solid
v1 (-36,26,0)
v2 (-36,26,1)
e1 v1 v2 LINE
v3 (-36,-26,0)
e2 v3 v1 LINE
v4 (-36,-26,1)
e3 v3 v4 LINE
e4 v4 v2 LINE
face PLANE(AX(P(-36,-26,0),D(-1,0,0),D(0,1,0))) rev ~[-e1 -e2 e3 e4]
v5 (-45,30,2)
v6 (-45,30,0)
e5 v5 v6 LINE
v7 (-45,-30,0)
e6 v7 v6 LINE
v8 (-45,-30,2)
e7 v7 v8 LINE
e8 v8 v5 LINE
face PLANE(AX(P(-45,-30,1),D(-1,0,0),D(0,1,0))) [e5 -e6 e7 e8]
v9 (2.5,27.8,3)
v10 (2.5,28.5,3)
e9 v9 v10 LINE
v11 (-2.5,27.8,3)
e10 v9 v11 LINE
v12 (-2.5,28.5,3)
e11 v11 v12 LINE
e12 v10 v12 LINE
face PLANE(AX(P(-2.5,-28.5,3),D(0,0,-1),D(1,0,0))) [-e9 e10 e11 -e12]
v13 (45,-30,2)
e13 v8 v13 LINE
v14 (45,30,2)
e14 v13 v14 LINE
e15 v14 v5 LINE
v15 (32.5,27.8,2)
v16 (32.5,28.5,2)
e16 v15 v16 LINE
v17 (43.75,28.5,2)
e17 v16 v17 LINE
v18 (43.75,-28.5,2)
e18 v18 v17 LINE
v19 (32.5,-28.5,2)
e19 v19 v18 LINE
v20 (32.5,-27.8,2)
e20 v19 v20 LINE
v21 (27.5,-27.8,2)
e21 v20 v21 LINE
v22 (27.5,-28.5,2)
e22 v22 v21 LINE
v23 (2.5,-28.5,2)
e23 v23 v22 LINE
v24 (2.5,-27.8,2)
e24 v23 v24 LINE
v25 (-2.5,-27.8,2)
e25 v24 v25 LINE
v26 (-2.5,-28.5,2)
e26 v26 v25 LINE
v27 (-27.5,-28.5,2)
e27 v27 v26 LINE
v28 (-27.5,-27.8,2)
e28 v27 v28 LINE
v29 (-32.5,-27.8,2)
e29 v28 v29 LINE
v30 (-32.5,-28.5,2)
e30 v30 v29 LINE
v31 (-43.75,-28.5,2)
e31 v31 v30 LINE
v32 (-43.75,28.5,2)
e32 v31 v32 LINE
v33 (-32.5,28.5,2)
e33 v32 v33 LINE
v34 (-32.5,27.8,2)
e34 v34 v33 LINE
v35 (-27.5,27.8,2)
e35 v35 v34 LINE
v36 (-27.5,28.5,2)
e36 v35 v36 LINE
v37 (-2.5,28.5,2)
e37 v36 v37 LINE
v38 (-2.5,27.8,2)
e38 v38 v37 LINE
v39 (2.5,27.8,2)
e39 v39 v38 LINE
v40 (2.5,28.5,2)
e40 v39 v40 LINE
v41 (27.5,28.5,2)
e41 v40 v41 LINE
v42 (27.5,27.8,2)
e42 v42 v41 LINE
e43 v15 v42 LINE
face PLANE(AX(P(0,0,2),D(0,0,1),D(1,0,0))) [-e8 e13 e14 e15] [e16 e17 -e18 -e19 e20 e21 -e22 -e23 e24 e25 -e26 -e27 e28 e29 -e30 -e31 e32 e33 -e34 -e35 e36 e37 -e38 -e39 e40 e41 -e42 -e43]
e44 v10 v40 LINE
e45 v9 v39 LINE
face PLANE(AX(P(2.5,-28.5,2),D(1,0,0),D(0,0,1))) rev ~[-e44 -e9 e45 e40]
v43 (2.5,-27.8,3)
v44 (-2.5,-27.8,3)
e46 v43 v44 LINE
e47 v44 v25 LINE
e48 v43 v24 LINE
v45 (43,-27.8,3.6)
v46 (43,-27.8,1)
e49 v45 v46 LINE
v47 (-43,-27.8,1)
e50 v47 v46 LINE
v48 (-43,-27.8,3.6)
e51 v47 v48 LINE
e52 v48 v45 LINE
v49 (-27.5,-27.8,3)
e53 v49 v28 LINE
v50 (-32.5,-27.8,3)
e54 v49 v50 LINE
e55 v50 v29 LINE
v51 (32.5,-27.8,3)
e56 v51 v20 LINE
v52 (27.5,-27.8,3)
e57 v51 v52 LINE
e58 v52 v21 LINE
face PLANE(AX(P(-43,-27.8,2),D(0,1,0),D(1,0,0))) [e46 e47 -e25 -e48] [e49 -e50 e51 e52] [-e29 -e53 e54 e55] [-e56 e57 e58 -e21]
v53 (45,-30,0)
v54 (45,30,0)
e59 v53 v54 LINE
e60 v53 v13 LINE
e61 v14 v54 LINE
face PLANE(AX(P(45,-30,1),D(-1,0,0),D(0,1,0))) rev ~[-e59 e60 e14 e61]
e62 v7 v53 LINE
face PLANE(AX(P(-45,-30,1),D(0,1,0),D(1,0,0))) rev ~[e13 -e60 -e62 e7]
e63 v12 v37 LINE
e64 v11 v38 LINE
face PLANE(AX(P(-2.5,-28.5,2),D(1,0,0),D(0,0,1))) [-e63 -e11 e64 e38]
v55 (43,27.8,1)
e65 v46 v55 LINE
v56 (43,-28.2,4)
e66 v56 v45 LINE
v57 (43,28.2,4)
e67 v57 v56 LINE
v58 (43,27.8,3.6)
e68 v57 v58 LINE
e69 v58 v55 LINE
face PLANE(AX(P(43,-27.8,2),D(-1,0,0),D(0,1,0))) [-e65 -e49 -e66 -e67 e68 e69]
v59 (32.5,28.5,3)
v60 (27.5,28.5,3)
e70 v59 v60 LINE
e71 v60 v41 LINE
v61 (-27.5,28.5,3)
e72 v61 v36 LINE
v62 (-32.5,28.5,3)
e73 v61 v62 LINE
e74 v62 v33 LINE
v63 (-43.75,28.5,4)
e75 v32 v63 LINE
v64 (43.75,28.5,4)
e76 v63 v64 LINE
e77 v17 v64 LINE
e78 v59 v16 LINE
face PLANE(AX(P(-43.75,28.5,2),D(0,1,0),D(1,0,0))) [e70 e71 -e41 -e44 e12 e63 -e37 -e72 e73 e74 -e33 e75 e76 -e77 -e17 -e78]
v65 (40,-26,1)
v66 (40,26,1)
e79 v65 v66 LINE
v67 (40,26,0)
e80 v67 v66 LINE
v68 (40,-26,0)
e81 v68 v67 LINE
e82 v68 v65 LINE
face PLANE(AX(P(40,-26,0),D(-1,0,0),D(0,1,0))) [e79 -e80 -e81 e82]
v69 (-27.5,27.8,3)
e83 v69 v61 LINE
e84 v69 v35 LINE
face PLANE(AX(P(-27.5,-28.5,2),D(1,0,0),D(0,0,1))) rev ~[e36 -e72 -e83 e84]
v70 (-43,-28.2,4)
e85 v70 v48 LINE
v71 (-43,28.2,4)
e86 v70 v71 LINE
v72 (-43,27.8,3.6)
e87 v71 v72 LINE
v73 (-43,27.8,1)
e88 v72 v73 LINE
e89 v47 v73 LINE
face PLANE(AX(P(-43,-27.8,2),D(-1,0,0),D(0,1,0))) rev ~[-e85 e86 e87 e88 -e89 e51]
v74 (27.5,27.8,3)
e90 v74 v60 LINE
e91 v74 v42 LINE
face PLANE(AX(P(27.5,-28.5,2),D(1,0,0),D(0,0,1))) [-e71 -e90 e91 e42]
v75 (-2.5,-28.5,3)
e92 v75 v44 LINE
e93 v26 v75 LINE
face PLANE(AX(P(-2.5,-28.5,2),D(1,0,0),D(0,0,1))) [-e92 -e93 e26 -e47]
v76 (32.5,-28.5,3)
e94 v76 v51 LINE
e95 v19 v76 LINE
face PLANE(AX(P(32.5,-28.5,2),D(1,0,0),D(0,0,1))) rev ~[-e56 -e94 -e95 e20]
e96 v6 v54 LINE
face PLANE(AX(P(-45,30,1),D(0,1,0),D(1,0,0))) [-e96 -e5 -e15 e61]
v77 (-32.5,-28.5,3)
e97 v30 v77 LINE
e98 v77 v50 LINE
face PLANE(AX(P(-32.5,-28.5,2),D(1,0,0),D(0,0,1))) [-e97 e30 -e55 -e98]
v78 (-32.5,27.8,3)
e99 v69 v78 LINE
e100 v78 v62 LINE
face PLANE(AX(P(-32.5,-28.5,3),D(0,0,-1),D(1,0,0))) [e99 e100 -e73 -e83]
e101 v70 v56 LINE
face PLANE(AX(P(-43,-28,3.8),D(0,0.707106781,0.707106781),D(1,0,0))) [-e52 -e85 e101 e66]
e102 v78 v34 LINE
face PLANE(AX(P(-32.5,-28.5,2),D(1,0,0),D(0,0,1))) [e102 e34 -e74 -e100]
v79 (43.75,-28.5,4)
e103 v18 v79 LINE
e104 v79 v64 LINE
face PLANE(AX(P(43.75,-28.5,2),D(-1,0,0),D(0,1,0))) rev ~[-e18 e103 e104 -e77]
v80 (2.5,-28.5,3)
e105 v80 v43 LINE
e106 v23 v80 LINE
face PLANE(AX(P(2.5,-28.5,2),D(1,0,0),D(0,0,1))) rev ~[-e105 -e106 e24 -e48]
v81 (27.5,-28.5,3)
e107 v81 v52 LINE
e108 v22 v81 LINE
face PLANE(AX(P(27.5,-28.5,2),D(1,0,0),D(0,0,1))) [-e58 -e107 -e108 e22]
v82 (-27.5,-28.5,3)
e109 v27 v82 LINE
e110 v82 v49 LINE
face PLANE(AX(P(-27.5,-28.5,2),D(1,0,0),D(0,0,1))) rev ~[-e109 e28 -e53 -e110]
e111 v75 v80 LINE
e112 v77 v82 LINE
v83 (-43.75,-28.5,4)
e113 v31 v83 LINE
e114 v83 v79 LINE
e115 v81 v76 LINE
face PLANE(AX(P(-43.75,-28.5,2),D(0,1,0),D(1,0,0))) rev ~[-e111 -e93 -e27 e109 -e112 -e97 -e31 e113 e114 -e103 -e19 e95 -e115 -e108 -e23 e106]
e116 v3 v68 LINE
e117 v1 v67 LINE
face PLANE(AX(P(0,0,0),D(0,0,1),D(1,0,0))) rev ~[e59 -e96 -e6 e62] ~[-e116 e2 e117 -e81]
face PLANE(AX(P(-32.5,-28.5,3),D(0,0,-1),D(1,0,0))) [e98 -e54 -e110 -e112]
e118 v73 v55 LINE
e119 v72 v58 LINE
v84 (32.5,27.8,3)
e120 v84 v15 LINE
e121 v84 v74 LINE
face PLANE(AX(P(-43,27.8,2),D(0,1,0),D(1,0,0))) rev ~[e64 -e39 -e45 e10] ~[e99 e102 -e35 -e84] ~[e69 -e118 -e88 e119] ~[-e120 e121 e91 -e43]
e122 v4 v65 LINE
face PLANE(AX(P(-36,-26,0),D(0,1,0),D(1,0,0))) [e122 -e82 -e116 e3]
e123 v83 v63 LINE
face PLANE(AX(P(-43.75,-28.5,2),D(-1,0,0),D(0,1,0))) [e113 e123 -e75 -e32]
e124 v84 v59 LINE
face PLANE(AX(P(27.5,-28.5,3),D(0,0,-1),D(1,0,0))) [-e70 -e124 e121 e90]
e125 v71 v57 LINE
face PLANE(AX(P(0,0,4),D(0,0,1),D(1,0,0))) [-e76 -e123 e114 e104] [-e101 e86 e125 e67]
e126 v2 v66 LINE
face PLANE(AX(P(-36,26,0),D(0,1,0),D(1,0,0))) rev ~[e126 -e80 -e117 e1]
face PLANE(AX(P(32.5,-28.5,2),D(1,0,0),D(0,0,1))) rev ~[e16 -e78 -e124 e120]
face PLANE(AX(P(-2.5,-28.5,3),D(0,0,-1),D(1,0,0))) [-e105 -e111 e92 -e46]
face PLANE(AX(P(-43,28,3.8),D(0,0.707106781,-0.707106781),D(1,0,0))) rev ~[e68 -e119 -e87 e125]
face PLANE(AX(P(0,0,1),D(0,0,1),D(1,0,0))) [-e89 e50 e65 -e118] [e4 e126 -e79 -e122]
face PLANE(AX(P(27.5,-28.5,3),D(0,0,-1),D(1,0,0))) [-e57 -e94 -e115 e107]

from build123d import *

# Parameters (mm, degrees)
SKETCH_W      = 90
SKETCH_H      = 60
SKETCH_W_2    = 76
SKETCH_H_2    = 52
PAD_DEPTH     = 1
SKETCH001_W   = 90
SKETCH001_H   = 60
SKETCH001_W_2 = 86
SKETCH001_H_2 = 55.6
PAD001_DEPTH  = 1
SKETCH002_W   = 87.5
SKETCH002_H   = 57
SKETCH002_W_2 = 86
SKETCH002_H_2 = 55.6
PAD002_DEPTH  = 2
SKETCH003_W   = 5
SKETCH003_H   = 1
POCKET_DEPTH  = 58.501
CHAMFER_SIZE  = 0.4


with BuildPart() as part:
    # Sketch → Pad (new body)
    with BuildSketch(Plane.XY):
        Rectangle(SKETCH_W, SKETCH_H)
        with Locations((2, 0)):
            Rectangle(SKETCH_W_2, SKETCH_H_2, mode=Mode.SUBTRACT)
    extrude(amount=PAD_DEPTH)

    # Sketch001 → Pad001 (new body)
    with BuildSketch(Plane.XY.offset(1)):
        Rectangle(SKETCH001_W, SKETCH001_H)
        Rectangle(SKETCH001_W_2, SKETCH001_H_2, mode=Mode.SUBTRACT)
    extrude(amount=PAD001_DEPTH)

    # Sketch002 → Pad002 (new body)
    with BuildSketch(Plane.XY.offset(2)):
        Rectangle(SKETCH002_W, SKETCH002_H)
        Rectangle(SKETCH002_W_2, SKETCH002_H_2, mode=Mode.SUBTRACT)
    extrude(amount=PAD002_DEPTH)

    # Sketch003 → Pocket (cut, through all)
    with BuildSketch(Plane.XZ.offset(28.5)):
        with Locations((-30, 2.5)):
            Rectangle(SKETCH003_W, SKETCH003_H)
        with Locations((0, 2.5)):
            Rectangle(SKETCH003_W, SKETCH003_H)
        with Locations((30, 2.5)):
            Rectangle(SKETCH003_W, SKETCH003_H)
    extrude(amount=-POCKET_DEPTH, mode=Mode.SUBTRACT)

    # Chamfer
    chamfer_edges = [part.edges().sort_by_distance(p)[0] for p in [
        (0, 27.8, 4),
        (0, -27.8, 4),
    ]]
    chamfer(chamfer_edges, length=CHAMFER_SIZE)


solid = part.part
